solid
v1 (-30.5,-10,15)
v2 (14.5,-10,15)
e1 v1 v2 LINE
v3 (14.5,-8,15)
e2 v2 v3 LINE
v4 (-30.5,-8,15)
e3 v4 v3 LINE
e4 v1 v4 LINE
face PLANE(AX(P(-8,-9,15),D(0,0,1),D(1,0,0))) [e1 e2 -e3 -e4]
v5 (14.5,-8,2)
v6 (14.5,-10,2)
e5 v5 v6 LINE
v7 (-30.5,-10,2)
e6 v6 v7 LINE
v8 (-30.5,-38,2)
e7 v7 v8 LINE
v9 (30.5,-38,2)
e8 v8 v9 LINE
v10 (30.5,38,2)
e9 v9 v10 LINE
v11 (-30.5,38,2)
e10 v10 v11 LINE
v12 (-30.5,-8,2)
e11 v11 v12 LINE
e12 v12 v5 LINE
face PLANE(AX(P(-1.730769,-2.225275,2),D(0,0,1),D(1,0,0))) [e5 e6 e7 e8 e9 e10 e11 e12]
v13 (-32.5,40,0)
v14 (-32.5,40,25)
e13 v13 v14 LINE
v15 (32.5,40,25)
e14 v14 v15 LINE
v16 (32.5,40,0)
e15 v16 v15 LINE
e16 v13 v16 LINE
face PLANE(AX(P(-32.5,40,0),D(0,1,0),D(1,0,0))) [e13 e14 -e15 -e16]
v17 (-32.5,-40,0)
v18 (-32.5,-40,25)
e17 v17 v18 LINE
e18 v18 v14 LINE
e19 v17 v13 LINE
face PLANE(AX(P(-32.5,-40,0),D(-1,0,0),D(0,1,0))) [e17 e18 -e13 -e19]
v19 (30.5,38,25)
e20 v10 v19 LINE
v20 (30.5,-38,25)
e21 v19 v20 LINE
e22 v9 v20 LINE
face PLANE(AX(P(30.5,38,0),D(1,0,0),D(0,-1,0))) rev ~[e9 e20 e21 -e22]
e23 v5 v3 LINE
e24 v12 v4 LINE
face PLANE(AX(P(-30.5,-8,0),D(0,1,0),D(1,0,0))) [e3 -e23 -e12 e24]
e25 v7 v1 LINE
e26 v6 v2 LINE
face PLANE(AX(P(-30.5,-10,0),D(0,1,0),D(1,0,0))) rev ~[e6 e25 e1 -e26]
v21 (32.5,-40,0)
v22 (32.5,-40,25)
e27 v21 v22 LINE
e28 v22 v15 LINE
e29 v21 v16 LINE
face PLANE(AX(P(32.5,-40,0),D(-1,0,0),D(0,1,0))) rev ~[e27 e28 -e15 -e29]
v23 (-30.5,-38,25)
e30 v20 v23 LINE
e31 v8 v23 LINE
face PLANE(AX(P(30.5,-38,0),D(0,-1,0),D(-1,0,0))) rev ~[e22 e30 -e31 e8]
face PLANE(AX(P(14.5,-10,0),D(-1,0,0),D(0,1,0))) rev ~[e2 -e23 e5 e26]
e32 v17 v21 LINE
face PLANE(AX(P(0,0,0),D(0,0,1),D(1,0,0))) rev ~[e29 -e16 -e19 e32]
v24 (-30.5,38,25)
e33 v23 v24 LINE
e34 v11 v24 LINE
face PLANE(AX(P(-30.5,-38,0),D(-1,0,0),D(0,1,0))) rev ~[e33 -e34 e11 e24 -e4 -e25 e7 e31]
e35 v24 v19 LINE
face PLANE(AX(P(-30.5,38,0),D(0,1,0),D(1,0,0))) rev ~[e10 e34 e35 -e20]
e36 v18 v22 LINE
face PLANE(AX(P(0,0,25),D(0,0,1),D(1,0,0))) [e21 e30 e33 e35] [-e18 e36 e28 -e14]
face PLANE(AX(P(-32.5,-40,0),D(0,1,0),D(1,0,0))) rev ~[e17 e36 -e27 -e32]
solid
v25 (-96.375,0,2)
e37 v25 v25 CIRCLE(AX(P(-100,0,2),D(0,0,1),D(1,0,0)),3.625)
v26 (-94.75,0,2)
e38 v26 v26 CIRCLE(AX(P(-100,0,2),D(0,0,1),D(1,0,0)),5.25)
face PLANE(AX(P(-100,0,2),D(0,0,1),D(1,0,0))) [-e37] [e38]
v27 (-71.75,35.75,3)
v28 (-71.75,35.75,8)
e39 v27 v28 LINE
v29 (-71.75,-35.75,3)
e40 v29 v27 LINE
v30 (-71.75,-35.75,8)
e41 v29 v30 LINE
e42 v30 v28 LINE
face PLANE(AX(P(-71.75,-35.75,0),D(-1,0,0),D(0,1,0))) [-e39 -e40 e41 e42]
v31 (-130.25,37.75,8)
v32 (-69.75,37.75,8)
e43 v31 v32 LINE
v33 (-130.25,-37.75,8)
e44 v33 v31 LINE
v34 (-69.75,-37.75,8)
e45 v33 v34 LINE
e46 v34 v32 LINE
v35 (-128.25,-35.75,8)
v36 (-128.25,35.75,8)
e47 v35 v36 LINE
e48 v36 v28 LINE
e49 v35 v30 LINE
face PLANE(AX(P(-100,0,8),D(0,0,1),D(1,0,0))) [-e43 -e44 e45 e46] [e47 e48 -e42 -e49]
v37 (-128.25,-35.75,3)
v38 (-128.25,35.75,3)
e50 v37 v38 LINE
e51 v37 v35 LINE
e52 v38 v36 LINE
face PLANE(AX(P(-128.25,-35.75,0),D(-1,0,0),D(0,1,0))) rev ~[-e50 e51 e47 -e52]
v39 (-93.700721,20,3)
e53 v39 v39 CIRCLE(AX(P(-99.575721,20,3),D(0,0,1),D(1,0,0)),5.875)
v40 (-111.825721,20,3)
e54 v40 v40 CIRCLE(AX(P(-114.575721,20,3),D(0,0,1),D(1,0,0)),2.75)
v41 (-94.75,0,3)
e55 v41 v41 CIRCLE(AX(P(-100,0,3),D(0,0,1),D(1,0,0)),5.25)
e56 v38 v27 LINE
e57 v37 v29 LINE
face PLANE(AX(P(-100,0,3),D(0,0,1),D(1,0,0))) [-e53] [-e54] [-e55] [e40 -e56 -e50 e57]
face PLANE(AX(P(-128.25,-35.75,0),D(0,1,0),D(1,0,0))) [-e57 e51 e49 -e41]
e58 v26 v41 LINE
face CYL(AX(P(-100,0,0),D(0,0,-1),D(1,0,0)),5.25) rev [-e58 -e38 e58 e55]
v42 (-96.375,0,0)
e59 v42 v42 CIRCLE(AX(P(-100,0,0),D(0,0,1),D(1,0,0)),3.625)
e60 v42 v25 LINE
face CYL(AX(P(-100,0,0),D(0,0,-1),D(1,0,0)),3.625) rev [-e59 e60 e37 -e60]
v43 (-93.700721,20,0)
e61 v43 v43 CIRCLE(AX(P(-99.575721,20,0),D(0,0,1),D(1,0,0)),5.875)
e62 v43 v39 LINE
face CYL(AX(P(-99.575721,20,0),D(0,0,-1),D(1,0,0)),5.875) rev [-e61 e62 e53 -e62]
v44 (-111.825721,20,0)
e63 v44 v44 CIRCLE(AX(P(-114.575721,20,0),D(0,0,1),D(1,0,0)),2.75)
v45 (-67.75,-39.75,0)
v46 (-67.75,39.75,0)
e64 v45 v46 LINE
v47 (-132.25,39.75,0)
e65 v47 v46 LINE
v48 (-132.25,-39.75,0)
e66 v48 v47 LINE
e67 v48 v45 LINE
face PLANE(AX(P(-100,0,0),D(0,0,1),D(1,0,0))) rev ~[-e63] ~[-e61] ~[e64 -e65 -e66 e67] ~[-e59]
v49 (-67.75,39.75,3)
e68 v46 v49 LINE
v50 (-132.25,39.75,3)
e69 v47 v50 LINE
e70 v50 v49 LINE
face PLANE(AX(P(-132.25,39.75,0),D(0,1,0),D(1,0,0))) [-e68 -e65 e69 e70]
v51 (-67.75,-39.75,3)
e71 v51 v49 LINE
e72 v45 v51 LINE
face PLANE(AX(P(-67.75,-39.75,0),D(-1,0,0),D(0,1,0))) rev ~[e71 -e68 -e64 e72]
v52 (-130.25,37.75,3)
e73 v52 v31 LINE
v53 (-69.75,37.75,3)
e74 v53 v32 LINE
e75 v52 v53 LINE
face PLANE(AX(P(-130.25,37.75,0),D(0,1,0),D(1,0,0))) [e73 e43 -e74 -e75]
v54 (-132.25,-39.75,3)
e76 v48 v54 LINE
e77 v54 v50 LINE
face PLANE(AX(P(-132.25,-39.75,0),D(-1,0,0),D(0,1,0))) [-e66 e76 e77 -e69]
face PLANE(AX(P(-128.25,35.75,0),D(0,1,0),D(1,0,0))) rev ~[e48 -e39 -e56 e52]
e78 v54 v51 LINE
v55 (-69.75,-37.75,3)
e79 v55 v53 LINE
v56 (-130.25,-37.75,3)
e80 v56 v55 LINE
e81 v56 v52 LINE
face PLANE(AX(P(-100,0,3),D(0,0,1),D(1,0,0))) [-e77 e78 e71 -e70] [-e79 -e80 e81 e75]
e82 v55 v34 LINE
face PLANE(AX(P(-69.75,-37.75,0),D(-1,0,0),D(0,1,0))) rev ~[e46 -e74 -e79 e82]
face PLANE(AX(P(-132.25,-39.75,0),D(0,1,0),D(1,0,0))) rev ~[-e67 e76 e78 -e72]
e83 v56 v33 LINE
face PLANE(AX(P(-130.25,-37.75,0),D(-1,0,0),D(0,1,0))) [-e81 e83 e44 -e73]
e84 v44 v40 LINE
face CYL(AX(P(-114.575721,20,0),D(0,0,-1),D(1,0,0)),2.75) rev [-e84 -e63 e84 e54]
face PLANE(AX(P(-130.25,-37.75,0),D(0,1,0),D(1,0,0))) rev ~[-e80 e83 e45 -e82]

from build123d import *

# Parameters (mm, degrees)
F1_DEPTH = 2
F0_W     = 65
F0_H     = 80
F2_DEPTH = 25
F0_W_2   = 45
F0_H_2   = 2
F3_DEPTH = 15
F0_W_3   = 64.5
F0_H_3   = 79.5
F0_W_4   = 60.5
F0_H_4   = 75.5
F0_W_5   = 56.5
F0_H_5   = 71.5
F0_R     = 5.25
F0_R_2   = 2.75
F0_R_3   = 5.875
F4_DEPTH = 3
F5_DEPTH = 8
F0_R_4   = 3.625
F6_DEPTH = 2


with BuildPart() as f1:
    # F0 (on Top) → F1 (new body)
    with BuildSketch(Plane.XY):
        Polygon((30.5, -38), (30.5, 38), (-30.5, 38), (-30.5, -8), (14.5, -8), (14.5, -10), (-30.5, -10), (-30.5, -38), align=None)
    extrude(amount=F1_DEPTH)

    # F0 (on Top) → F2 (join)
    with BuildSketch(Plane.XY):
        Rectangle(F0_W, F0_H)
        Polygon((-30.5, 38), (30.5, 38), (30.5, -38), (-30.5, -38), (-30.5, -10), (-30.5, -8), align=None, mode=Mode.SUBTRACT)
    extrude(amount=F2_DEPTH)

    # F0 (on Top) → F3 (join)
    with BuildSketch(Plane.XY):
        with Locations((-8, -9)):
            Rectangle(F0_W_2, F0_H_2)
    extrude(amount=F3_DEPTH)


with BuildPart() as f4:
    # F0 (on Top) → F4 (new body)
    with BuildSketch(Plane.XY):
        with Locations((-100, 0)):
            Rectangle(F0_W_3, F0_H_3)
        with Locations((-100, 0)):
            Rectangle(F0_W_4, F0_H_4, mode=Mode.SUBTRACT)
        with Locations((-100, 0)):
            Rectangle(F0_W_5, F0_H_5)
        with Locations((-100, 0)):
            Circle(F0_R, mode=Mode.SUBTRACT)
        with Locations((-114.575721, 20)):
            Circle(F0_R_2, mode=Mode.SUBTRACT)
        with Locations((-99.575721, 20)):
            Circle(F0_R_3, mode=Mode.SUBTRACT)
    extrude(amount=F4_DEPTH)

    # F0 (on Top) → F5 (join)
    with BuildSketch(Plane.XY):
        with Locations((-100, 0)):
            Rectangle(F0_W_4, F0_H_4)
        with Locations((-100, 0)):
            Rectangle(F0_W_5, F0_H_5, mode=Mode.SUBTRACT)
    extrude(amount=F5_DEPTH)

    # F0 (on Top) → F6 (join)
    with BuildSketch(Plane.XY):
        with Locations((-100, 0)):
            Circle(F0_R)
        with Locations((-100, 0)):
            Circle(F0_R_4, mode=Mode.SUBTRACT)
    extrude(amount=F6_DEPTH)


solid = Compound([f1.part, f4.part])
